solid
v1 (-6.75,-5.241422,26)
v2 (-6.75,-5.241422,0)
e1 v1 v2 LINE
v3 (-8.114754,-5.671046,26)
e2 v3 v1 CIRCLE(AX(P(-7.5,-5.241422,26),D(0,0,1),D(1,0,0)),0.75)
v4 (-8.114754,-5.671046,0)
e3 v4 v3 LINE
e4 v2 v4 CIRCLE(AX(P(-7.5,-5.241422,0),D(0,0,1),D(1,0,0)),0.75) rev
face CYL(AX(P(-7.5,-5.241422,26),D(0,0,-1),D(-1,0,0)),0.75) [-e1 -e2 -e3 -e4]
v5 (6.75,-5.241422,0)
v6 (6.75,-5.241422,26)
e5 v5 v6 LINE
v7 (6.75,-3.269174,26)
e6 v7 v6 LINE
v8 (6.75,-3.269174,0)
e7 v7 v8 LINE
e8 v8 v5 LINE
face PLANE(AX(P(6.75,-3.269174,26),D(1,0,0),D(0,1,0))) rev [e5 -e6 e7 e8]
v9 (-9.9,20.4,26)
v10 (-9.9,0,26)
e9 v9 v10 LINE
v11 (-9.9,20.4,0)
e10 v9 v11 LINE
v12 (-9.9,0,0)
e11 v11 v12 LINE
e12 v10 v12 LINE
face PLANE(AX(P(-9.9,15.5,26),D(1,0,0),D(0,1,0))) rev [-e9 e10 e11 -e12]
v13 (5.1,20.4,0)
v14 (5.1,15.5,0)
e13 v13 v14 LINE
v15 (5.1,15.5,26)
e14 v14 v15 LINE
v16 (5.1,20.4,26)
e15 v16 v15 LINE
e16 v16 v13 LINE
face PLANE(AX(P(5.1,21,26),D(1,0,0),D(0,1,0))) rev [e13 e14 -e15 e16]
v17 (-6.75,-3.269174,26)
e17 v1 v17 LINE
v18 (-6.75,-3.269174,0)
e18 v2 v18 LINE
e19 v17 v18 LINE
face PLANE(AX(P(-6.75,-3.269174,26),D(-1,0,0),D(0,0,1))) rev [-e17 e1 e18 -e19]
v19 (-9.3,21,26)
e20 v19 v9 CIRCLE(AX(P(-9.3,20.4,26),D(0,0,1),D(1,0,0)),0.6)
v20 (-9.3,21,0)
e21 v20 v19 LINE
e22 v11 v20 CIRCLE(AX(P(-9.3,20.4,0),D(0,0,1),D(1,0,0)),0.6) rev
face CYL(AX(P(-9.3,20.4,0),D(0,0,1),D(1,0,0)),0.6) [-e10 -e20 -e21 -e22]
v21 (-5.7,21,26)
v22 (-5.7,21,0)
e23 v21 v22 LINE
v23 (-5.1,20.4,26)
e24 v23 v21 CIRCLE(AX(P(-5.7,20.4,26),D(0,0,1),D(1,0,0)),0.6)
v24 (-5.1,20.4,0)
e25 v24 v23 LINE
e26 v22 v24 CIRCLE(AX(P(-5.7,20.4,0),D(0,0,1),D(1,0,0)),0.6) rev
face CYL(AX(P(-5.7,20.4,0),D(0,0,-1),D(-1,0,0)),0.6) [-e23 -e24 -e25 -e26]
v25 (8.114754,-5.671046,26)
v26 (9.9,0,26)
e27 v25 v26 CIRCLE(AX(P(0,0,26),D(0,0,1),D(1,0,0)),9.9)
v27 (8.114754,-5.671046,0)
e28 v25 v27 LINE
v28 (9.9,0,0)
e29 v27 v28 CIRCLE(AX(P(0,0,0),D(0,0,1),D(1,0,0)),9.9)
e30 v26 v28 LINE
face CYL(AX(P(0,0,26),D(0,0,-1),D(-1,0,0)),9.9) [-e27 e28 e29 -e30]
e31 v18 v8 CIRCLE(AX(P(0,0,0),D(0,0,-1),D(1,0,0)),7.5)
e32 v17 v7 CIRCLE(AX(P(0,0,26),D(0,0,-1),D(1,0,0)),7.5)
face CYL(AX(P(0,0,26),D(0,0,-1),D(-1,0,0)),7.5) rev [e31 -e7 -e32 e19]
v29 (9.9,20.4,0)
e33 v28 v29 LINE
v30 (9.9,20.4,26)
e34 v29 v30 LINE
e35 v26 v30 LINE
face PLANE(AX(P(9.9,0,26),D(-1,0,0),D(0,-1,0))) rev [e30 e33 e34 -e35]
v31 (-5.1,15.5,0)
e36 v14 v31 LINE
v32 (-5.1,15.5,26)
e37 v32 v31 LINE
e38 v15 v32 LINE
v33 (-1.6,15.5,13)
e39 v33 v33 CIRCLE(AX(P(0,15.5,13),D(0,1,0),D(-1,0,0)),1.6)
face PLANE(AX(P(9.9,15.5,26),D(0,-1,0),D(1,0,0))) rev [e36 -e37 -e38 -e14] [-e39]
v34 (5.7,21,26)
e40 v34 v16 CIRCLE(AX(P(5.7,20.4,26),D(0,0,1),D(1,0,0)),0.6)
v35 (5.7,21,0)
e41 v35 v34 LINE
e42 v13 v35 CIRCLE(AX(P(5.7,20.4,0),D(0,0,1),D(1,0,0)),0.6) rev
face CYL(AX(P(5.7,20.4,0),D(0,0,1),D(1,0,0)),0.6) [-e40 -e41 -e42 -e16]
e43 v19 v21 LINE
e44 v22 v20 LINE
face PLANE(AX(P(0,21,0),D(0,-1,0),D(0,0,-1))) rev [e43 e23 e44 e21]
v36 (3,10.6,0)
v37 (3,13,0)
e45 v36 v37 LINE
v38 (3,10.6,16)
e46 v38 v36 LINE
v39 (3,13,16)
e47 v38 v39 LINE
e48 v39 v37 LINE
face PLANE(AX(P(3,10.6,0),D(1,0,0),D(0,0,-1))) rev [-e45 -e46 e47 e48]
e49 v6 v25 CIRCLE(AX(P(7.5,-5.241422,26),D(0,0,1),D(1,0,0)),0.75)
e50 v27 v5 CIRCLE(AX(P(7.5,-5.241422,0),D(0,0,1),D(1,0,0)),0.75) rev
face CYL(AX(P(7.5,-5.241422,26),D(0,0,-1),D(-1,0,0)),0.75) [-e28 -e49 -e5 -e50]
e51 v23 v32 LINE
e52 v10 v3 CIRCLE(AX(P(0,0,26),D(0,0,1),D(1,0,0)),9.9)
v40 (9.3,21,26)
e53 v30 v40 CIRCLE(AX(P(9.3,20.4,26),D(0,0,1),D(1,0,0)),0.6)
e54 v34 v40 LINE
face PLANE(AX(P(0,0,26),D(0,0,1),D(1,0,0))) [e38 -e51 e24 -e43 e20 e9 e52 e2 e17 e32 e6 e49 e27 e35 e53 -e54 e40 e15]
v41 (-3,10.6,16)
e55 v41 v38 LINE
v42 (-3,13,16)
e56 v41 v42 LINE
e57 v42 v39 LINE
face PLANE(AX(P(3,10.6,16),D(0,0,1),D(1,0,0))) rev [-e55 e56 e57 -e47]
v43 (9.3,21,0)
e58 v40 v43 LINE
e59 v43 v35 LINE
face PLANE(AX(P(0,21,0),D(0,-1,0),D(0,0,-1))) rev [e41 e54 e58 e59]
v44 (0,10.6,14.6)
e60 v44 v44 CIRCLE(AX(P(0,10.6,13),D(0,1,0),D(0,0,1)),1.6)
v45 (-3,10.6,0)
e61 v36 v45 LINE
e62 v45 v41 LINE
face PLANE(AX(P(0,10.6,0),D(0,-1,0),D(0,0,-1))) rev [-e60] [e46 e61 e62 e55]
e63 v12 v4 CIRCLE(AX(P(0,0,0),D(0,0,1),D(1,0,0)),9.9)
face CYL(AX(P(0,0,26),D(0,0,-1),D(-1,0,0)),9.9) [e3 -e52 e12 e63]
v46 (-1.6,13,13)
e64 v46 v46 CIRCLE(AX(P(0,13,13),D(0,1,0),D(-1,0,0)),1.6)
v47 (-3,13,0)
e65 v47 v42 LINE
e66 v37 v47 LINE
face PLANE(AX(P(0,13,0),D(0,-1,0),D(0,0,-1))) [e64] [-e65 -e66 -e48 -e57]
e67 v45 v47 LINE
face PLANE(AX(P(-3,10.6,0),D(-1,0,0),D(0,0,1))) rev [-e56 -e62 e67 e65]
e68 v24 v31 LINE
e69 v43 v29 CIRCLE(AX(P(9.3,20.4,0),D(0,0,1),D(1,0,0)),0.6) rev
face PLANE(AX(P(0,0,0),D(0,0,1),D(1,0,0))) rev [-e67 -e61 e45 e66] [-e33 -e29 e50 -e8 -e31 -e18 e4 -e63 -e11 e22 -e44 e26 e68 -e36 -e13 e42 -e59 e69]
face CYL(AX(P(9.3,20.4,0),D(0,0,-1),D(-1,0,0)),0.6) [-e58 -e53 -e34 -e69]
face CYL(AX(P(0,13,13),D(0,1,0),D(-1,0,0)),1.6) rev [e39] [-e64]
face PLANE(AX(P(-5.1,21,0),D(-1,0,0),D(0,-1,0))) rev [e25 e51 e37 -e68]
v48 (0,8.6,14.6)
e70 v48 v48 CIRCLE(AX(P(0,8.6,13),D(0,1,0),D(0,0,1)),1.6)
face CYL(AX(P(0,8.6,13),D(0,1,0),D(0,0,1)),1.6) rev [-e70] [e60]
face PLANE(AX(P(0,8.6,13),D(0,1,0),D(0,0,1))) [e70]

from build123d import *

# Parameters (mm, degrees)
DODANIE_WYCI_GNI_CIE1_DEPTH = 26
SZKIC2_W                    = 4.8
SZKIC2_H                    = 26
DODANIE_WYCI_GNI_CIE2_DEPTH = 5.5
ZAOKR_GLENIE1_R             = 0.75
SZKIC6_R                    = 1.6
WYTNIJ_WYCI_GNI_CIE3_DEPTH  = 2.5
SZKIC7_W                    = 6
SZKIC7_H                    = 16
WYTNIJ_WYCI_GNI_CIE4_DEPTH  = 2.4
SZKIC8_R                    = 1.6
WYTNIJ_WYCI_GNI_CIE5_DEPTH  = 2
ZAOKR_GLENIE2_R             = 0.6


with BuildPart() as part:
    # Szkic1 → Dodanie-wyciągnięcie1 (new body)
    with BuildSketch(Plane.XY):
        with BuildLine():
            Line((-6.75, -3.269174208), (-6.75, -7.242064623))
            ThreePointArc((-6.75, -7.242064623), (-9.078408451, -3.948733974), (-9.9, 0))
            Line((-9.9, 0), (-9.9, 15.5))
            Line((-9.9, 15.5), (9.9, 15.5))
            Line((9.9, 15.5), (9.9, 0))
            ThreePointArc((9.9, 0), (9.078408451, -3.948733974), (6.75, -7.242064623))
            Line((6.75, -7.242064623), (6.75, -3.269174208))
            ThreePointArc((6.75, -3.269174208), (0, 7.5), (-6.75, -3.269174208))
        make_face()
    extrude(amount=DODANIE_WYCI_GNI_CIE1_DEPTH)

    # Szkic2 → Dodanie-wyciągnięcie2 (add)
    with BuildSketch(Plane(origin=(0, 15.5, 0), x_dir=(1, 0, 0), z_dir=(0, 1, 0))):
        with Locations((-7.5, -13)):
            Rectangle(SZKIC2_W, SZKIC2_H)
        with Locations((7.5, -13)):
            Rectangle(SZKIC2_W, SZKIC2_H)
    extrude(amount=DODANIE_WYCI_GNI_CIE2_DEPTH)

    # Zaokrąglenie1
    zaokr_glenie1_edges = [part.edges().sort_by_distance(p)[0] for p in [
        (-6.75, -7.242064623, 13),
        (6.75, -7.242064623, 13),
    ]]
    fillet(zaokr_glenie1_edges, radius=ZAOKR_GLENIE1_R)

    # Szkic6 → Wytnij-wyciągnięcie3 (cut)
    with BuildSketch(Plane(origin=(0, 15.5, 0), x_dir=(1, 0, 0), z_dir=(0, 1, 0))):
        with Locations(Location((0, -13, 0), (0, 0, 180))):
            Circle(SZKIC6_R)
    extrude(amount=-WYTNIJ_WYCI_GNI_CIE3_DEPTH, mode=Mode.SUBTRACT)

    # Szkic7 → Wytnij-wyciągnięcie4 (cut)
    with BuildSketch(Plane(origin=(0, 13, 0), x_dir=(1, 0, 0), z_dir=(0, 1, 0))):
        with Locations((0, -8)):
            Rectangle(SZKIC7_W, SZKIC7_H)
    extrude(amount=-WYTNIJ_WYCI_GNI_CIE4_DEPTH, mode=Mode.SUBTRACT)

    # Szkic8 → Wytnij-wyciągnięcie5 (cut)
    with BuildSketch(Plane(origin=(0, 10.6, 0), x_dir=(1, 0, 0), z_dir=(0, 1, 0))):
        with Locations(Location((0, -13, 0), (0, 0, 180))):
            Circle(SZKIC8_R)
    extrude(amount=-WYTNIJ_WYCI_GNI_CIE5_DEPTH, mode=Mode.SUBTRACT)

    # Zaokrąglenie2
    zaokr_glenie2_edges = [part.edges().sort_by_distance(p)[0] for p in [
        (-5.1, 21, 13),
        (-9.9, 21, 13),
        (5.1, 21, 13),
        (9.9, 21, 13),
    ]]
    fillet(zaokr_glenie2_edges, radius=ZAOKR_GLENIE2_R)


solid = part.part
